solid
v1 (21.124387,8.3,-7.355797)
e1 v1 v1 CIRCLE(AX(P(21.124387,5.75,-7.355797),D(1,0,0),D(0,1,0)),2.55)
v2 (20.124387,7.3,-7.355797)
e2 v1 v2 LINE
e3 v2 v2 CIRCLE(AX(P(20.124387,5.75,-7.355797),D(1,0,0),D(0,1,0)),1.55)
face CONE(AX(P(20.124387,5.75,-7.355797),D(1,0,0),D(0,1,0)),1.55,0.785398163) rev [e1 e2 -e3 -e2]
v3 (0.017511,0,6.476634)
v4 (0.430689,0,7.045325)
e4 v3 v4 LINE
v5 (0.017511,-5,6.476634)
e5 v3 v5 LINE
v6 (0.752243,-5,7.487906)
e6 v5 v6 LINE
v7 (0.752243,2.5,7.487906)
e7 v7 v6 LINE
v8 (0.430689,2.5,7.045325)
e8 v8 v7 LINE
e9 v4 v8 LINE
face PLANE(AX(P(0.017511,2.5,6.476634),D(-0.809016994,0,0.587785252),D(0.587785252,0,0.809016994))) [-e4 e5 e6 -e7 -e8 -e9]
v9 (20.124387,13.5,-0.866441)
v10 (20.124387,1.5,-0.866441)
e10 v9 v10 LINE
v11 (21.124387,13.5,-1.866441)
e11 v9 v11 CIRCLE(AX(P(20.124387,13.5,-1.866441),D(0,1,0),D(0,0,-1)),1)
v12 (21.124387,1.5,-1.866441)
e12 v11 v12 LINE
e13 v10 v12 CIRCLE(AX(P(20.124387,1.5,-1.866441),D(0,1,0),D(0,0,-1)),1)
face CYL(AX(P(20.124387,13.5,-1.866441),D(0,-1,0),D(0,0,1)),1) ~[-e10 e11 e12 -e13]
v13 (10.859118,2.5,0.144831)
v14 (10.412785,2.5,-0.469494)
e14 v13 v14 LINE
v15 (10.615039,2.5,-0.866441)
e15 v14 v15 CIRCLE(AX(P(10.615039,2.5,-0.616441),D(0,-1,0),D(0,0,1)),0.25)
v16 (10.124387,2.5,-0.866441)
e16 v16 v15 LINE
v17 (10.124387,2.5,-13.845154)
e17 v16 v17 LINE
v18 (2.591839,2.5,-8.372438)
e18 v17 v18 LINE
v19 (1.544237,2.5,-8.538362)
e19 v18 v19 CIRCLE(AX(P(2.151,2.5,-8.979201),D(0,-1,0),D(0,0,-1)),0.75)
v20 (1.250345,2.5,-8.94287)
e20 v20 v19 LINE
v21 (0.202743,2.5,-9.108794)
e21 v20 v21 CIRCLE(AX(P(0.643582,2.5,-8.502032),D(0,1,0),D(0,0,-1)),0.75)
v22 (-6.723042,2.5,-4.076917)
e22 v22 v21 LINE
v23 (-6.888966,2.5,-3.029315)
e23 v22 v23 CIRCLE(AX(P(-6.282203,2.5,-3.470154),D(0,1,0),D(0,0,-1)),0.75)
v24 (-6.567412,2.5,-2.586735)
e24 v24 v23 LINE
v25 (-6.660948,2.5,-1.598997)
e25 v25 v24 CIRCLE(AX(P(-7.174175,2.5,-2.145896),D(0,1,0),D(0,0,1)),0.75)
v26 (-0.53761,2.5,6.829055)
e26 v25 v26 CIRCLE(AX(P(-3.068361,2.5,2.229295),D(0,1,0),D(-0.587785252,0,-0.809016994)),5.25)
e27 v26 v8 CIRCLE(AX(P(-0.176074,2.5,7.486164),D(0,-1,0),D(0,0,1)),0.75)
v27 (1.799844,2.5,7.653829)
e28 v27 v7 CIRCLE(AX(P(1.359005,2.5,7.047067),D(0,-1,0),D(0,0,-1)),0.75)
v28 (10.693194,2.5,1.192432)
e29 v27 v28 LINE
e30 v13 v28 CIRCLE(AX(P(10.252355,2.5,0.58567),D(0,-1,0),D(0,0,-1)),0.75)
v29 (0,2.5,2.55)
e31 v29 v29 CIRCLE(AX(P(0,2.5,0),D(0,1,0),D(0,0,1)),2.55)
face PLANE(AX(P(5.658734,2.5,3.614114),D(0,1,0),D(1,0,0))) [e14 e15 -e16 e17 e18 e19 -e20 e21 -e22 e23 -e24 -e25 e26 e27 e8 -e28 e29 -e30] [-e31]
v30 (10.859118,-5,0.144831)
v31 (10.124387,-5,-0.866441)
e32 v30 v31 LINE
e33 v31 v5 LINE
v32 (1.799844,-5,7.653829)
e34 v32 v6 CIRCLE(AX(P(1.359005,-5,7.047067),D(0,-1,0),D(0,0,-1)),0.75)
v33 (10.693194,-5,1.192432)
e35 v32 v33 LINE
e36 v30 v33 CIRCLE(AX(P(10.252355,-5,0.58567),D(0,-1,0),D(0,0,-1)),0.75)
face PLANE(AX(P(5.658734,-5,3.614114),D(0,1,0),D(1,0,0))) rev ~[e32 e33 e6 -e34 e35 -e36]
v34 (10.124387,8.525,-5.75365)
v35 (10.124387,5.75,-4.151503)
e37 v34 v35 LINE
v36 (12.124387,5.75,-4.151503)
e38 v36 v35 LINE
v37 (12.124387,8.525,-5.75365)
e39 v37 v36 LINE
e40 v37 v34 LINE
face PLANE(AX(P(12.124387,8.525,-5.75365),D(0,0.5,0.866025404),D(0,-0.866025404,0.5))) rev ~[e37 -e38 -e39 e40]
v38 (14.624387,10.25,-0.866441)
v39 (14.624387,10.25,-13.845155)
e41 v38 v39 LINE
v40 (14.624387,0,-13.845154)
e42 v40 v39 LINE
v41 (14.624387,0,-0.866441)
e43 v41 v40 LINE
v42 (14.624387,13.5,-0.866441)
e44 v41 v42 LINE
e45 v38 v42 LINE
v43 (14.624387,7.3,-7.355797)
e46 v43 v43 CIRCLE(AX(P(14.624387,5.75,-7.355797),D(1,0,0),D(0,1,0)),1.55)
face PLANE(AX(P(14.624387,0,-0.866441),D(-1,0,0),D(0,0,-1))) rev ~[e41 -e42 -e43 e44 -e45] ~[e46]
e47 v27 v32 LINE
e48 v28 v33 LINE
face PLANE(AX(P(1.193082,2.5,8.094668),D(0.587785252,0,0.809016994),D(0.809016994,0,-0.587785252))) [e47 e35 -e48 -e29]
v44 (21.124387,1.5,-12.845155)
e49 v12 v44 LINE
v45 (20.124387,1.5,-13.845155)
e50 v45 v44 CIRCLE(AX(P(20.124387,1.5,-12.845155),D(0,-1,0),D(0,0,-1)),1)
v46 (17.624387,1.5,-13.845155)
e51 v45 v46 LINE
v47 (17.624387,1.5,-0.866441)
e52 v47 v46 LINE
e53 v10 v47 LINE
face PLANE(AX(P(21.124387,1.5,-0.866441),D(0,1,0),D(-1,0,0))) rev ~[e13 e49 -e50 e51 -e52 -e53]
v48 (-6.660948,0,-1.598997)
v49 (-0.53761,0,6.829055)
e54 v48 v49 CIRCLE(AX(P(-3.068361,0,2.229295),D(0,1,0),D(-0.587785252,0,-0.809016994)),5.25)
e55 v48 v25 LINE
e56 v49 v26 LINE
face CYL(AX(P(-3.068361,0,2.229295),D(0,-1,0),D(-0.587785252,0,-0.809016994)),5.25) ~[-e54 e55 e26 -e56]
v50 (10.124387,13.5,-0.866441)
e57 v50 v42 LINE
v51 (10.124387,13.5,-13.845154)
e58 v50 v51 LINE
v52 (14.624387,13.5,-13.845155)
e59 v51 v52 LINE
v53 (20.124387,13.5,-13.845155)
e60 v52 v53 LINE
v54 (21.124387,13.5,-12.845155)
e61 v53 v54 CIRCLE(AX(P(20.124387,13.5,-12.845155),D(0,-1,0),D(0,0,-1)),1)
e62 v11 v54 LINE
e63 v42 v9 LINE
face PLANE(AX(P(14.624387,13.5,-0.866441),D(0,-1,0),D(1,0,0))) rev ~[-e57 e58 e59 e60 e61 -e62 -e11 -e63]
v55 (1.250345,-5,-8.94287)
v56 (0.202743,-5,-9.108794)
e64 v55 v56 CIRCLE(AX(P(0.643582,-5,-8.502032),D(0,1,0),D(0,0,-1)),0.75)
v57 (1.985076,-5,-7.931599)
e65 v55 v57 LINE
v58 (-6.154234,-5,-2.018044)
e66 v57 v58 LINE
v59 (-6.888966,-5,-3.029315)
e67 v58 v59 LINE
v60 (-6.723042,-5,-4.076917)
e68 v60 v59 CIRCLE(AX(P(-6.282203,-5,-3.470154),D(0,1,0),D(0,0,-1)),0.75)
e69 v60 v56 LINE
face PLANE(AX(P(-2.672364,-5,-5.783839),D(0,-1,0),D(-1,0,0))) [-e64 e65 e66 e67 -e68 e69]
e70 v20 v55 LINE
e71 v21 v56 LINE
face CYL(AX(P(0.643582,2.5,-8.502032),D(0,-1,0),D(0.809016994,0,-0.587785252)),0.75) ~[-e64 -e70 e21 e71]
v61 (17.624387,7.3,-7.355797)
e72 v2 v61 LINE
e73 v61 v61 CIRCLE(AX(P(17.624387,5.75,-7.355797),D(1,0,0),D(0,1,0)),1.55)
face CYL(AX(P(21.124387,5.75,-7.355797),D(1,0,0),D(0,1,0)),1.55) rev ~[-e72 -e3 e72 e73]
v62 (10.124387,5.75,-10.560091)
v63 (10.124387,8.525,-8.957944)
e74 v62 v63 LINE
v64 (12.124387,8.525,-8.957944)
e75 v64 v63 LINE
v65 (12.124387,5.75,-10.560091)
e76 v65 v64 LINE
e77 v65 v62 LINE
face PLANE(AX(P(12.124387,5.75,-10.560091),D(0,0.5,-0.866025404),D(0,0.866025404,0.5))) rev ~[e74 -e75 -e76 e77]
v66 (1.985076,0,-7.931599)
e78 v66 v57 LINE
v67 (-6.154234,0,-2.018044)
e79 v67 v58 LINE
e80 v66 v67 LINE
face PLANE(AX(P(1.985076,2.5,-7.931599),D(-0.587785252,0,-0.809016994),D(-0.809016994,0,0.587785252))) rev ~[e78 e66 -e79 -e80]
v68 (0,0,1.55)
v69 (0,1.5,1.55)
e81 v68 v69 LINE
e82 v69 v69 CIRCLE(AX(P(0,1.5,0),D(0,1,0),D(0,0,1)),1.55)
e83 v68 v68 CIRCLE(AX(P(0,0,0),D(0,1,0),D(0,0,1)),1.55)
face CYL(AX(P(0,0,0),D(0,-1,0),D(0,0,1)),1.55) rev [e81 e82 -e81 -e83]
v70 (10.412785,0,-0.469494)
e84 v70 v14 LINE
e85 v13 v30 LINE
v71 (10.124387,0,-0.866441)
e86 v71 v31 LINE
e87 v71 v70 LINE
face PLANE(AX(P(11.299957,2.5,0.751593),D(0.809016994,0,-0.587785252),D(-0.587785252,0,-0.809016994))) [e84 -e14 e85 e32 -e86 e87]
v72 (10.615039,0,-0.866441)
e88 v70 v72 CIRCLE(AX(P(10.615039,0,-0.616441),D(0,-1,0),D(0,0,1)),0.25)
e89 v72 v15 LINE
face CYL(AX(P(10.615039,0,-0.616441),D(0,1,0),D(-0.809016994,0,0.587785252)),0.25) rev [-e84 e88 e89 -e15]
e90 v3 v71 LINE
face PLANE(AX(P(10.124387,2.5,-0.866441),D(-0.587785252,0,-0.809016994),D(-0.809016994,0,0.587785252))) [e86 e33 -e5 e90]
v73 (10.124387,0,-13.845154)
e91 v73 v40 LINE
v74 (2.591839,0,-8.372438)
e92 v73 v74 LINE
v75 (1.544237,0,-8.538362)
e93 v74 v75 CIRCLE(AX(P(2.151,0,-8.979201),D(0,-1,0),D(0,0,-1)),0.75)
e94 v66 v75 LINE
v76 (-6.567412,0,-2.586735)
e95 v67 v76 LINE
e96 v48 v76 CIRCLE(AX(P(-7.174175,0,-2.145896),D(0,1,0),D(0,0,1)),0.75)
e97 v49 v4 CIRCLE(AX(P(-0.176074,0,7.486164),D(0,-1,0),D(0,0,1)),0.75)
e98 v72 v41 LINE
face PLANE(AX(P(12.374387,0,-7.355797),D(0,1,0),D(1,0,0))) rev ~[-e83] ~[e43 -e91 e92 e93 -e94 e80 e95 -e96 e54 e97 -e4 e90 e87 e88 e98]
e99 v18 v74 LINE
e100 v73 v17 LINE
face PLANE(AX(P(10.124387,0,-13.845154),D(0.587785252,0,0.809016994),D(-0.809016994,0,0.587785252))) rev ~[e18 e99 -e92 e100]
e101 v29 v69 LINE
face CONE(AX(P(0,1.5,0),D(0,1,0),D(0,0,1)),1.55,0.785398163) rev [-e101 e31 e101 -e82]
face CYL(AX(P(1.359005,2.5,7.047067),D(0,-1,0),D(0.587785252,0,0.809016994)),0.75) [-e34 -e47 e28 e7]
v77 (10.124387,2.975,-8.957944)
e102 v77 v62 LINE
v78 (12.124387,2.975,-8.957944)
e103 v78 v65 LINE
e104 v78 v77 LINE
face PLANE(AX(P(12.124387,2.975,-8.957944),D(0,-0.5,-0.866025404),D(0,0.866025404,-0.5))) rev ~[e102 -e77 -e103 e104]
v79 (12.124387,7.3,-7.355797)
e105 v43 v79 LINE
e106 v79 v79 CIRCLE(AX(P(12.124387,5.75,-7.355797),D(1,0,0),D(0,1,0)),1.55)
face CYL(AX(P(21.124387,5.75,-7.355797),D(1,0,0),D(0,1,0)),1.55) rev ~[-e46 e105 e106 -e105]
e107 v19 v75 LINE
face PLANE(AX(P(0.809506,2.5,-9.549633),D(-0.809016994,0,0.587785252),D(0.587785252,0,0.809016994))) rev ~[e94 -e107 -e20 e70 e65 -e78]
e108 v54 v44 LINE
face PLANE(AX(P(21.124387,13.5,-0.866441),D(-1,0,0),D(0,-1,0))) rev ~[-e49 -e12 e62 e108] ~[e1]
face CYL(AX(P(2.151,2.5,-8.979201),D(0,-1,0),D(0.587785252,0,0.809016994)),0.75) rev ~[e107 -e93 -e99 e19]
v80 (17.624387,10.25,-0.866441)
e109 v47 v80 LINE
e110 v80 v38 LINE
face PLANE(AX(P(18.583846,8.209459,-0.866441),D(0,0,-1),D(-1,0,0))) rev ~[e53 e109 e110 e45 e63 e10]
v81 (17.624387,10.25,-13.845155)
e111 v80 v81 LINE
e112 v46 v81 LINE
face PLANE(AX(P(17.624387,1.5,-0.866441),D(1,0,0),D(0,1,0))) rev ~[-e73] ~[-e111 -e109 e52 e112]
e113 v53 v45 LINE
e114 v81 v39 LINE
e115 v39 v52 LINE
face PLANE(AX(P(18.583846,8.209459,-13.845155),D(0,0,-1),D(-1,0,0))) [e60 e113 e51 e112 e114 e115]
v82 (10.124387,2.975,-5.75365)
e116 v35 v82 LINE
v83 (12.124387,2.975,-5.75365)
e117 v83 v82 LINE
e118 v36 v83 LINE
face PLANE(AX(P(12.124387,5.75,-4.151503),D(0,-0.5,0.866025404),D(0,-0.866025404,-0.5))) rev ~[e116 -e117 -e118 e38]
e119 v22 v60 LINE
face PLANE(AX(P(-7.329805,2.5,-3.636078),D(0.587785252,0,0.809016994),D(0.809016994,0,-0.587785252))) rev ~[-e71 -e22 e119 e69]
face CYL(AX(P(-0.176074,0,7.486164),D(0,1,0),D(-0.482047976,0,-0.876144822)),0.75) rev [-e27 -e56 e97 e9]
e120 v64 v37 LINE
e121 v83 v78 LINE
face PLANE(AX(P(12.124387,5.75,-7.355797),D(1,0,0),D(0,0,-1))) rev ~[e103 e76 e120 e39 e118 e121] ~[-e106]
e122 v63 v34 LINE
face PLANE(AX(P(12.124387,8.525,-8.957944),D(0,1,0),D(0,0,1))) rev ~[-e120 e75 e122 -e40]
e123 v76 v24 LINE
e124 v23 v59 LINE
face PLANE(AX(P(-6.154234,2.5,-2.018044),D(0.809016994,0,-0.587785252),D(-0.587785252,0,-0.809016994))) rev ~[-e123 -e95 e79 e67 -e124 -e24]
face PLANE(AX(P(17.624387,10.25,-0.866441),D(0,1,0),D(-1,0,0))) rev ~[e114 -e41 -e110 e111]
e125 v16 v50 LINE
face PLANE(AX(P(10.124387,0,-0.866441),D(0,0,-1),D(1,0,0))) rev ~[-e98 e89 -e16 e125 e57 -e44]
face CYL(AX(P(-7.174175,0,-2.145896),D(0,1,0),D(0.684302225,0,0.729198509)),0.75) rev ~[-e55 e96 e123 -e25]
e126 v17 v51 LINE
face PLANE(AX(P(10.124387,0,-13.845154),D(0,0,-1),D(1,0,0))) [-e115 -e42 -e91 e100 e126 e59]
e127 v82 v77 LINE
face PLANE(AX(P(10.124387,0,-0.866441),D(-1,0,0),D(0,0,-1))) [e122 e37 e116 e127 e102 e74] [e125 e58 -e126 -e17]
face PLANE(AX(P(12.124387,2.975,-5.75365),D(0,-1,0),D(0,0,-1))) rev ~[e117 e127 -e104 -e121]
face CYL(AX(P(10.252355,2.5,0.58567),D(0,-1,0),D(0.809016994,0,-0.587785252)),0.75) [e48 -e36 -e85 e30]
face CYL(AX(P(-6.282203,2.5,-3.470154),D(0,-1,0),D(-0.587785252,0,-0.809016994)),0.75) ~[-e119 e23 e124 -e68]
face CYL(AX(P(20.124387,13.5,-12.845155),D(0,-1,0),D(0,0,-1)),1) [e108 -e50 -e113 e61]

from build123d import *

# Parameters (mm, degrees)
SKETCH_1_R             = 1.55
EXTRUDE_386_DEPTH      = 2.5
EXTRUDE_START          = 2.5
EXTRUDE_629_DEPTH      = 7.5
SKETCH_3_W             = 4.5
SKETCH_3_H             = 12.978713764
EXTRUDE_1_DEPTH        = 13.5
EXTRUDE_START_2        = -0.866441
EXTRUDE_2_DEPTH        = 12.978713764
SKETCH_5_R             = 1.55
CUT_EXTRUDE_1293_DEPTH = 36.225185951
CUT_EXTRUDE_START      = -9
SKETCH_5_3_R           = 1.55
CUT_EXTRUDE_1335_DEPTH = 2
CHAMFER_1_SIZE         = 1
FILLET_5_R             = 0.75
FILLET_6_R             = 0.25
FILLET_8_R             = 1


with BuildPart() as part:
    # 草图1 → Extrude 386 (new body)
    with BuildSketch(Plane(origin=(0, 0, 0), x_dir=(1, 0, 0), z_dir=(0, 1, 0))):
        with BuildLine():
            Line((10.1243866, 13.845154317), (-6.15423406, 2.01804411))
            ThreePointArc((-6.15423406, 2.01804411), (-7.315700706, -5.315167685), (0.017511089, -6.476634331))
            Line((0.017511089, -6.476634331), (10.1243866, 0.866440553))
            Line((10.1243866, 0.866440553), (10.1243866, 13.845154317))
        make_face()
        with Locations(Location((0, 0, 0), (0, 0, 270))):
            Circle(SKETCH_1_R, mode=Mode.SUBTRACT)
    extrude(amount=EXTRUDE_386_DEPTH)

    # 草图2 → Extrude 629 (add)
    with BuildSketch(Plane(origin=(0, 0, 0), x_dir=(1, 0, 0), z_dir=(0, 1, 0)).offset(EXTRUDE_START)):
        Polygon((0.017511089, -6.476634331), (1.193081594, -8.09466832), (11.299957105, -0.751593436), (10.1243866, 0.866440553), align=None)
        Polygon((-7.329804565, 3.636078099), (0.809505765, 9.549633202), (1.98507627, 7.931599213), (-6.15423406, 2.01804411), align=None)
    extrude(amount=-EXTRUDE_629_DEPTH)

    # 草图3 → 限位-1 (add)
    with BuildSketch(Plane(origin=(0, 0, 0), x_dir=(1, 0, 0), z_dir=(0, 1, 0))):
        with Locations((12.3743866, 7.355797435)):
            Rectangle(SKETCH_3_W, SKETCH_3_H)
    extrude(amount=EXTRUDE_1_DEPTH)

    # 草图4 → 限位-2 (add)
    with BuildSketch(Plane.XY.offset(EXTRUDE_START_2)):
        Polygon((14.6243866, 13.5), (21.1243866, 13.5), (21.1243866, 1.5), (17.6243866, 1.5), (17.6243866, 10.25), (14.6243866, 10.25), align=None)
    extrude(amount=-EXTRUDE_2_DEPTH)

    # 草图5 → Cut-Extrude 1293 (cut, through all)
    with BuildSketch(Plane(origin=(21.1243866, 0, 0), x_dir=(0, 0, -1), z_dir=(1, 0, 0))):
        with Locations(Location((7.355797435, 5.75, 0), (0, 0, 90))):
            Circle(SKETCH_5_R)
    extrude(amount=-CUT_EXTRUDE_1293_DEPTH, mode=Mode.SUBTRACT)

    # 草图5<3> → Cut-Extrude 1335 (cut)
    with BuildSketch(Plane(origin=(21.1243866, 0, 0), x_dir=(0, 0, -1), z_dir=(1, 0, 0)).offset(CUT_EXTRUDE_START)):
        Polygon((8.957944432, 2.975), (10.560091429, 5.75), (8.957944432, 8.525), (5.753650438, 8.525), (4.151503441, 5.75), (5.753650438, 2.975), align=None)
        with Locations(Location((7.355797435, 5.75, 0), (0, 0, 90))):
            Circle(SKETCH_5_3_R, mode=Mode.SUBTRACT)
    extrude(amount=-CUT_EXTRUDE_1335_DEPTH, mode=Mode.SUBTRACT)

    # 倒角1
    chamfer_1_edges = [part.edges().sort_by_distance(p)[0] for p in [
        (0, 2.5, -1.55),
        (21.1243866, 4.2, -7.355797435),
    ]]
    chamfer(chamfer_1_edges, length=CHAMFER_1_SIZE)

    # 圆角5
    fillet_5_edges = [part.edges().sort_by_distance(p)[0] for p in [
        (11.299957105, -1.25, 0.751593436),
        (1.193081594, -1.25, 8.09466832),
        (1.98507627, 1.25, -7.931599213),
        (-7.329804565, -1.25, -3.636078099),
        (0.809505765, -1.25, -9.549633202),
        (-6.15423406, 1.25, -2.01804411),
        (0.017511089, 1.25, 6.476634331),
    ]]
    fillet(fillet_5_edges, radius=FILLET_5_R)

    # 圆角6
    fillet_6_edges = [part.edges().sort_by_distance(p)[0] for p in [
        (10.1243866, 1.25, -0.866440553),
    ]]
    fillet(fillet_6_edges, radius=FILLET_6_R)

    # 圆角8
    fillet_8_edges = [part.edges().sort_by_distance(p)[0] for p in [
        (21.1243866, 7.5, -13.845154764),
        (21.1243866, 7.5, -0.866441),
    ]]
    fillet(fillet_8_edges, radius=FILLET_8_R)


solid = part.part
